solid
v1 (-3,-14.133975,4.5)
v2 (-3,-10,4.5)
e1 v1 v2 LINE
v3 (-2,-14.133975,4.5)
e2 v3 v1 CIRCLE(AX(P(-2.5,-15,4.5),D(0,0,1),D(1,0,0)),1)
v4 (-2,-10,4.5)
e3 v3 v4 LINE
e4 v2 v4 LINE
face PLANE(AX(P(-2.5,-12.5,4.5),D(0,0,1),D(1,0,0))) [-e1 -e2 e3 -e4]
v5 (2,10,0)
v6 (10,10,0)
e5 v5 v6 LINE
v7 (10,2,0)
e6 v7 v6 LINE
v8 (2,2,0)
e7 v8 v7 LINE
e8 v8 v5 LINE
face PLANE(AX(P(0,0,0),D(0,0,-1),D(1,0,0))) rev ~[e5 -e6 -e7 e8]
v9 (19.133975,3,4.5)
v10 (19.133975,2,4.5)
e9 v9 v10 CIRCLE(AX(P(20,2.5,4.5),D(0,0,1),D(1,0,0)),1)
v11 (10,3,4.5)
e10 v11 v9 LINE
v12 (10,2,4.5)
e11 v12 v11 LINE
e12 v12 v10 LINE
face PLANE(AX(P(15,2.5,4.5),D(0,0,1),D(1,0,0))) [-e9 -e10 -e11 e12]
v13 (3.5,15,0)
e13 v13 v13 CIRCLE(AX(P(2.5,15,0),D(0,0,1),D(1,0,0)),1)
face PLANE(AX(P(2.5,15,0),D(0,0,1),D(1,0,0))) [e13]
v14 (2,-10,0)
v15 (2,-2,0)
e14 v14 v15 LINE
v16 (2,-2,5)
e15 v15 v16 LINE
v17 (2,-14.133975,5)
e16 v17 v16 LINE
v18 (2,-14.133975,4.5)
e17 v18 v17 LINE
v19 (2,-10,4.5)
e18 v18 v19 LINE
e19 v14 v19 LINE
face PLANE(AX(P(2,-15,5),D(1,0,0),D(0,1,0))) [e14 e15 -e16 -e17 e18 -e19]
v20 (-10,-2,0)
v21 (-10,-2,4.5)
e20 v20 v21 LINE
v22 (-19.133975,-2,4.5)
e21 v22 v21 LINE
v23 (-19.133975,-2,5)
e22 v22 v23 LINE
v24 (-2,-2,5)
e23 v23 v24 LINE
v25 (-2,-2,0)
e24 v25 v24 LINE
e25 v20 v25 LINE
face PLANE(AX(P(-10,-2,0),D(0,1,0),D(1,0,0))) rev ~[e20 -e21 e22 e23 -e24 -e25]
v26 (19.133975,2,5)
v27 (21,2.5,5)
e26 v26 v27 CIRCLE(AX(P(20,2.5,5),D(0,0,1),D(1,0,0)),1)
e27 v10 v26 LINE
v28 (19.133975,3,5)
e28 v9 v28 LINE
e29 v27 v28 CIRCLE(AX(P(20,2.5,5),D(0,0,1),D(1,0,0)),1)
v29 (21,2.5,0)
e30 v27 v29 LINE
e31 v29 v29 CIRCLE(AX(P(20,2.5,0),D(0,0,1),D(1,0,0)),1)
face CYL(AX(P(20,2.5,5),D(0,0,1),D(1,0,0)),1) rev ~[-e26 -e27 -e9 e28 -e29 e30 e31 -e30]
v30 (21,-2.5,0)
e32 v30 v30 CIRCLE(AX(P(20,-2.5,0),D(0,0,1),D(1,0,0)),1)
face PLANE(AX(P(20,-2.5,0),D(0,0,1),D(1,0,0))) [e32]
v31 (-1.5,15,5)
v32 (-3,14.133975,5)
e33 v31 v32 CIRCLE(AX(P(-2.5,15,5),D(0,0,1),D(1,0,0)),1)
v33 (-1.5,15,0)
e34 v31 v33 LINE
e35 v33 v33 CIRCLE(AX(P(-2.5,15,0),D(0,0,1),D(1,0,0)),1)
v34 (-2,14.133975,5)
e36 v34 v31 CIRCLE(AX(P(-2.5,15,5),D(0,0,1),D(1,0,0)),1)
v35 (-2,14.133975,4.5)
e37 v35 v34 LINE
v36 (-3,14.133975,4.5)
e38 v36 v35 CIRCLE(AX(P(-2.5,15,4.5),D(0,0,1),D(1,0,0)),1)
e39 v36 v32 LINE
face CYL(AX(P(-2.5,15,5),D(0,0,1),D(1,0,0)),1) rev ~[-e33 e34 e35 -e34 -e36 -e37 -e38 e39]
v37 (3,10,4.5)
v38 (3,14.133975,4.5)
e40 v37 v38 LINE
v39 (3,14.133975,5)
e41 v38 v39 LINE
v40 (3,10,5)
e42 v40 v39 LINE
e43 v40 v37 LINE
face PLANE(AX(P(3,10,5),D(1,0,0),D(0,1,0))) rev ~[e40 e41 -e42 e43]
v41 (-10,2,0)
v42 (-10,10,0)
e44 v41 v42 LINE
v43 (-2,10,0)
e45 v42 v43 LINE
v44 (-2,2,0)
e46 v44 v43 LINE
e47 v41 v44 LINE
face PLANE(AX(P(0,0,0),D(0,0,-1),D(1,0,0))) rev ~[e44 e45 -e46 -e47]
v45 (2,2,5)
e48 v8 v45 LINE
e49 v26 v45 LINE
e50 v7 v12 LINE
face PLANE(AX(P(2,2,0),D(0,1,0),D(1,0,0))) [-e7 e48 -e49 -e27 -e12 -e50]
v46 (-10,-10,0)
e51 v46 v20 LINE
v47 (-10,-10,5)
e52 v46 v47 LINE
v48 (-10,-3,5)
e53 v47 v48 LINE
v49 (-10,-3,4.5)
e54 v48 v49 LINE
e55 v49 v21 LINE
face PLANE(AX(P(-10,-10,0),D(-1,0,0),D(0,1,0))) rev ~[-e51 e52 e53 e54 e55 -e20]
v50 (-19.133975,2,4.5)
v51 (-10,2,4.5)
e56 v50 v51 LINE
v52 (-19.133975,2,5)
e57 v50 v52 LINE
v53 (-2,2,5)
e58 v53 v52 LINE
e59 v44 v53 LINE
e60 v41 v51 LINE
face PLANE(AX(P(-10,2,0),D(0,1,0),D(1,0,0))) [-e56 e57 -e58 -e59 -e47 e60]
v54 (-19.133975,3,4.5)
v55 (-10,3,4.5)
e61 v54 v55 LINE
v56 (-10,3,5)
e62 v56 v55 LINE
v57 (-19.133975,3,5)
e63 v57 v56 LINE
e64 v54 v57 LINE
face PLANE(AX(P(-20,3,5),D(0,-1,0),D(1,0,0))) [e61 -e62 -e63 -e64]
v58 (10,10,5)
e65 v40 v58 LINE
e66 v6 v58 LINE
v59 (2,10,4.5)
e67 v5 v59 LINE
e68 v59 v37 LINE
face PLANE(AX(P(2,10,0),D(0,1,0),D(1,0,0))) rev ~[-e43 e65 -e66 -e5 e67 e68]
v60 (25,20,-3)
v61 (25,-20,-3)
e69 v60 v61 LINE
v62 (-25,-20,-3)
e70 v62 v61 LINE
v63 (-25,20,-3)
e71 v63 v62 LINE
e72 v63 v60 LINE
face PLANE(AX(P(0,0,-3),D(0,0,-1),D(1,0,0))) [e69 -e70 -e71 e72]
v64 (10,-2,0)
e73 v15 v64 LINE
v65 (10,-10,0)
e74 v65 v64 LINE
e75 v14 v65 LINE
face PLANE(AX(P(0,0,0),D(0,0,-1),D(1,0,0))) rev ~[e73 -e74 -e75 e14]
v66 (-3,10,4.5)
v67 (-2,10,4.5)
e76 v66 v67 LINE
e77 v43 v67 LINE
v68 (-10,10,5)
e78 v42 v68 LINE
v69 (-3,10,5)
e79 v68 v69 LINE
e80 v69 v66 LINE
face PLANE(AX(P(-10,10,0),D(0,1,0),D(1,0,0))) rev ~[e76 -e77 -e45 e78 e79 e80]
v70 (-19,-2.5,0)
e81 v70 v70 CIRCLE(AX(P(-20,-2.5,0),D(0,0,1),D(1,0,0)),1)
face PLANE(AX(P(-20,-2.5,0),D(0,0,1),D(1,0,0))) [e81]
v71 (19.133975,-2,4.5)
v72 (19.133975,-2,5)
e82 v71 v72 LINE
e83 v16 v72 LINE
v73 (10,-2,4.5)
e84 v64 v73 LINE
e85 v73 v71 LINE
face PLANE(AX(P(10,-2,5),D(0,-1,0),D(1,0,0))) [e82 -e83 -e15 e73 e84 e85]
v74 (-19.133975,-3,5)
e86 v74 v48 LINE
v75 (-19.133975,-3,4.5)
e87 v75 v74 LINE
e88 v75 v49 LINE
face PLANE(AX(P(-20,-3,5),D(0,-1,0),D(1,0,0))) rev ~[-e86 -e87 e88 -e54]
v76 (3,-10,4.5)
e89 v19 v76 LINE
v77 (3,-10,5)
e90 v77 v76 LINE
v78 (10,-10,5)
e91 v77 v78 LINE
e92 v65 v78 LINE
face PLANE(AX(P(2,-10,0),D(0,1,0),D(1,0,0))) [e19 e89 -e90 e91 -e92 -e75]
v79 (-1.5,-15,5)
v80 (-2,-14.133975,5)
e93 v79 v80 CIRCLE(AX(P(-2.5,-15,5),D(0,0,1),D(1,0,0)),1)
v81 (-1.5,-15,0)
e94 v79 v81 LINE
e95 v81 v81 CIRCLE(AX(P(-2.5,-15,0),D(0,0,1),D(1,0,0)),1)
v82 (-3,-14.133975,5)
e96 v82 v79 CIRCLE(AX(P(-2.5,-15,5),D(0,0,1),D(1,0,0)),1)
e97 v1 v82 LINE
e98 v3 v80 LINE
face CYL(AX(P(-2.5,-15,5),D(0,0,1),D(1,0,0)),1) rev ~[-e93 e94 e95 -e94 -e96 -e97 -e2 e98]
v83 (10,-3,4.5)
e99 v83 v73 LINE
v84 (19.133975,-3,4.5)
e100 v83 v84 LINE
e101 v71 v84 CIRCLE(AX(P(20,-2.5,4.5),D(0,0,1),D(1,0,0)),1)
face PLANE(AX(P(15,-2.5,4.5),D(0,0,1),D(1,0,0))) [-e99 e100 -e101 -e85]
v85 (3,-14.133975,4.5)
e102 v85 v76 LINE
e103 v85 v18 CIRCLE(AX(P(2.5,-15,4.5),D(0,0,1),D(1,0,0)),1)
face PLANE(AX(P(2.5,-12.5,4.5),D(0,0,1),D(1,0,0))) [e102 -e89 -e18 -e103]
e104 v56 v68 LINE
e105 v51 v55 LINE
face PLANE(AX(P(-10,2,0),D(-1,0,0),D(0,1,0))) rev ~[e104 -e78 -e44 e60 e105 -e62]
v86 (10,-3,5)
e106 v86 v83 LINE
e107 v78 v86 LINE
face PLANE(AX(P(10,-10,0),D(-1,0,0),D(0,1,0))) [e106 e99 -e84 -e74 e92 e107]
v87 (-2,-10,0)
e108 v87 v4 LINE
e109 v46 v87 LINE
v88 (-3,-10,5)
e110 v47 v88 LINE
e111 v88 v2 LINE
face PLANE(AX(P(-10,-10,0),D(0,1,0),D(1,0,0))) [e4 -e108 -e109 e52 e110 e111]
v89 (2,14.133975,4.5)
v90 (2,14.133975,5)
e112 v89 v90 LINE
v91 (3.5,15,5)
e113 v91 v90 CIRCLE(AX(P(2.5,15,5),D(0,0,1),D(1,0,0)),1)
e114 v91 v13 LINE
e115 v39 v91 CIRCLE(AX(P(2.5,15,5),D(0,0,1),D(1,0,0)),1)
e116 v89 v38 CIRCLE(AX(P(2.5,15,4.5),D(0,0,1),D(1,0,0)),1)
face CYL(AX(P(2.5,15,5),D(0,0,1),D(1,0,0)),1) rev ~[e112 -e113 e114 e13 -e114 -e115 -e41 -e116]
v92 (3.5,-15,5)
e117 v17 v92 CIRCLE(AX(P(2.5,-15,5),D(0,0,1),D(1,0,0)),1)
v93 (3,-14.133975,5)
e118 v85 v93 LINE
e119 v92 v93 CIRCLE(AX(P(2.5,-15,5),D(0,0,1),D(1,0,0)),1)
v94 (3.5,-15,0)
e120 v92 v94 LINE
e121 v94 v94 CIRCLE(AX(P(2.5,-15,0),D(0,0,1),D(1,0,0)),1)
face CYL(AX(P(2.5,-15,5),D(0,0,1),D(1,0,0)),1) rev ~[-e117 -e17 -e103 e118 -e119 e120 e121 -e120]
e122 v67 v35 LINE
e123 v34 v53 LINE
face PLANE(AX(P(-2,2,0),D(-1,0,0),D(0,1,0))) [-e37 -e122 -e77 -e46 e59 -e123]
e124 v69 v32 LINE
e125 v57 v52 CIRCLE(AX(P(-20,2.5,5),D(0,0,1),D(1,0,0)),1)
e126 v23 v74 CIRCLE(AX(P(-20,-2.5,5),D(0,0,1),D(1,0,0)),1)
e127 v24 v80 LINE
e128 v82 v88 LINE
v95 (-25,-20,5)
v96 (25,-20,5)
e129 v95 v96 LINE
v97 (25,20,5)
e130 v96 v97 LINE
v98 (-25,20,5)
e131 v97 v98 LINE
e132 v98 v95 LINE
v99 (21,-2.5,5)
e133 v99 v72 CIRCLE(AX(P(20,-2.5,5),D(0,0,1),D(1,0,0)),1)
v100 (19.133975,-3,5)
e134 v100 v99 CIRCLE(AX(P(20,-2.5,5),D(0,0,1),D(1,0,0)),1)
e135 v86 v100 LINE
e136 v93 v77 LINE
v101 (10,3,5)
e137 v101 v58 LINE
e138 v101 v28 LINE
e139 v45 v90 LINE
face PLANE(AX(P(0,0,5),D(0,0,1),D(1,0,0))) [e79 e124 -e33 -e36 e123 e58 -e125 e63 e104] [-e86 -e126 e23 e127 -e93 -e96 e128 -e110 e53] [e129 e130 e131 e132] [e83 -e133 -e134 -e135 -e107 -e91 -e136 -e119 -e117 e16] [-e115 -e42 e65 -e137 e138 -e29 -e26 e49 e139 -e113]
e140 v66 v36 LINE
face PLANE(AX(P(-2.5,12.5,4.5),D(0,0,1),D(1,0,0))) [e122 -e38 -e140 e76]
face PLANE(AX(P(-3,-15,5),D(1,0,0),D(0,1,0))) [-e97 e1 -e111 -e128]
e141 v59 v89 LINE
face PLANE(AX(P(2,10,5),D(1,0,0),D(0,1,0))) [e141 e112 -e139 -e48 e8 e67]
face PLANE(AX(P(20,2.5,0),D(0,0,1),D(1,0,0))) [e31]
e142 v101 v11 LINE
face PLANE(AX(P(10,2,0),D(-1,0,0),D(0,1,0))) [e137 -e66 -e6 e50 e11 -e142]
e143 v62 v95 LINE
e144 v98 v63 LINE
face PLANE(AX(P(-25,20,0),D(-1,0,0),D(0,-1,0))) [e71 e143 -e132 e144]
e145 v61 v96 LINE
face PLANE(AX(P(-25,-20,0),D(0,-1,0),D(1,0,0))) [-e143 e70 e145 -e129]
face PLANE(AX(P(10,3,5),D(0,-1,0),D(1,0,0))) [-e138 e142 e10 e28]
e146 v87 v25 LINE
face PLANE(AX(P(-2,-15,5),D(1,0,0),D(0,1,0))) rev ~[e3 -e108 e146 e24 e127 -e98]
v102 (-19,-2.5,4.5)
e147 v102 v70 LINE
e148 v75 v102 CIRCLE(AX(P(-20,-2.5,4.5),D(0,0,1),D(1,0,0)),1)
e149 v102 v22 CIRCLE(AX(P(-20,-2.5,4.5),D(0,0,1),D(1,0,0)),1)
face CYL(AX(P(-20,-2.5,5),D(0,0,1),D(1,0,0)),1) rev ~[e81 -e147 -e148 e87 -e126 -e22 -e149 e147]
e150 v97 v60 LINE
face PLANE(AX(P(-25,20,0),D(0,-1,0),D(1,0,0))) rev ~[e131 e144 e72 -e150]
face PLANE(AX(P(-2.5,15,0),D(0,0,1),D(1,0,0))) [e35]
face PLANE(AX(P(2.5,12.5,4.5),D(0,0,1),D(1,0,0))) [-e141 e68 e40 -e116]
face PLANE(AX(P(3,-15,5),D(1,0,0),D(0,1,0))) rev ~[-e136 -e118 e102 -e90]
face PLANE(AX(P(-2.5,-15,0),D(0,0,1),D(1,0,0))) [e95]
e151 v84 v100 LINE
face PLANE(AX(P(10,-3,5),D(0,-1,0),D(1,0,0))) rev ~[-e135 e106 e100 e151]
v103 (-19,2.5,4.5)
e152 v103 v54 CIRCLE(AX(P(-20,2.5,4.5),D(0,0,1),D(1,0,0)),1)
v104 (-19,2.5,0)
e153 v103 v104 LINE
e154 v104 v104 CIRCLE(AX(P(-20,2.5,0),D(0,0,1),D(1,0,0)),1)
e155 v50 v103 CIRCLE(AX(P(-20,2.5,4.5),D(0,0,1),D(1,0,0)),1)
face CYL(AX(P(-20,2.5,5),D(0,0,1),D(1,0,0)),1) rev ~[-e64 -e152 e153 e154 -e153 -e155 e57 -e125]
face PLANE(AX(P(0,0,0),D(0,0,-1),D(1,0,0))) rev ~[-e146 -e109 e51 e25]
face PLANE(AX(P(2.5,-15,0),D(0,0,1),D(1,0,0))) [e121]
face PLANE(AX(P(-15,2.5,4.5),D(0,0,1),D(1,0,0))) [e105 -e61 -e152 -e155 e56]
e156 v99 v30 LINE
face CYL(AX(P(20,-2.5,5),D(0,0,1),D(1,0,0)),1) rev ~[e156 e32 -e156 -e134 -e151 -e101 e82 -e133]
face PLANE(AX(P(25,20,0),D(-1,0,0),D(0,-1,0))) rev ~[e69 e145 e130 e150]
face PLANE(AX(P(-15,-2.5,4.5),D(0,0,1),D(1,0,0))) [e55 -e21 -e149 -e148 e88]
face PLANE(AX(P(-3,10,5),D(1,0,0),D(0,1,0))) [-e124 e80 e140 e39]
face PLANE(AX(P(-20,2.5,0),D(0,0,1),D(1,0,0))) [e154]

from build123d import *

# Parameters (mm, degrees)
F0_W     = 8
F0_H     = 8
F1_DEPTH = 5
F2_W     = 50
F2_H     = 40
F3_DEPTH = 3
F4_W     = 1
F4_H     = 5
F4_W_2   = 10
F4_H_2   = 1
F5_DEPTH = 0.5
F6_R     = 1
F7_DEPTH = 5


with BuildPart() as f1:
    # F0 (on Top) → F1 (new body)
    with BuildSketch(Plane.XY):
        Polygon((-25, -20), (25, -20), (25, 20), (-10, 20), (-25, 20), align=None)
        with Locations((-6, -6)):
            Rectangle(F0_W, F0_H, mode=Mode.SUBTRACT)
        with Locations((6, -6)):
            Rectangle(F0_W, F0_H, mode=Mode.SUBTRACT)
        with Locations((-6, 6)):
            Rectangle(F0_W, F0_H, mode=Mode.SUBTRACT)
        with Locations((6, 6)):
            Rectangle(F0_W, F0_H, mode=Mode.SUBTRACT)
    extrude(amount=F1_DEPTH)

    # F2 (on face) → F3 (join)
    with BuildSketch(Plane(origin=(0, 0, 0), x_dir=(1, 0, 0), z_dir=(0, 0, -1))):
        Rectangle(F2_W, F2_H)
    extrude(amount=F3_DEPTH)

    # F4 (on face) → F5 (cut)
    with BuildSketch(Plane.XY.offset(5)):
        with Locations((2.5, -12.5)):
            Rectangle(F4_W, F4_H)
        with Locations((-2.5, -12.5)):
            Rectangle(F4_W, F4_H)
        with Locations((-2.5, 12.5)):
            Rectangle(F4_W, F4_H)
        with Locations((2.5, 12.5)):
            Rectangle(F4_W, F4_H)
        with Locations((15, -2.5)):
            Rectangle(F4_W_2, F4_H_2)
        with Locations((15, 2.5)):
            Rectangle(F4_W_2, F4_H_2)
        with Locations((-15, 2.5)):
            Rectangle(F4_W_2, F4_H_2)
        with Locations((-15, -2.5)):
            Rectangle(F4_W_2, F4_H_2)
    extrude(amount=-F5_DEPTH, mode=Mode.SUBTRACT)

    # F6 (on face) → F7 (cut)
    with BuildSketch(Plane.XY.offset(5)):
        with Locations((20, -2.5)):
            Circle(F6_R)
        with Locations((20, 2.5)):
            Circle(F6_R)
        with Locations((-20, -2.5)):
            Circle(F6_R)
        with Locations((-20, 2.5)):
            Circle(F6_R)
        with Locations((2.5, -15)):
            Circle(F6_R)
        with Locations((-2.5, -15)):
            Circle(F6_R)
        with Locations((2.5, 15)):
            Circle(F6_R)
        with Locations((-2.5, 15)):
            Circle(F6_R)
    extrude(amount=-F7_DEPTH, mode=Mode.SUBTRACT)


solid = f1.part
